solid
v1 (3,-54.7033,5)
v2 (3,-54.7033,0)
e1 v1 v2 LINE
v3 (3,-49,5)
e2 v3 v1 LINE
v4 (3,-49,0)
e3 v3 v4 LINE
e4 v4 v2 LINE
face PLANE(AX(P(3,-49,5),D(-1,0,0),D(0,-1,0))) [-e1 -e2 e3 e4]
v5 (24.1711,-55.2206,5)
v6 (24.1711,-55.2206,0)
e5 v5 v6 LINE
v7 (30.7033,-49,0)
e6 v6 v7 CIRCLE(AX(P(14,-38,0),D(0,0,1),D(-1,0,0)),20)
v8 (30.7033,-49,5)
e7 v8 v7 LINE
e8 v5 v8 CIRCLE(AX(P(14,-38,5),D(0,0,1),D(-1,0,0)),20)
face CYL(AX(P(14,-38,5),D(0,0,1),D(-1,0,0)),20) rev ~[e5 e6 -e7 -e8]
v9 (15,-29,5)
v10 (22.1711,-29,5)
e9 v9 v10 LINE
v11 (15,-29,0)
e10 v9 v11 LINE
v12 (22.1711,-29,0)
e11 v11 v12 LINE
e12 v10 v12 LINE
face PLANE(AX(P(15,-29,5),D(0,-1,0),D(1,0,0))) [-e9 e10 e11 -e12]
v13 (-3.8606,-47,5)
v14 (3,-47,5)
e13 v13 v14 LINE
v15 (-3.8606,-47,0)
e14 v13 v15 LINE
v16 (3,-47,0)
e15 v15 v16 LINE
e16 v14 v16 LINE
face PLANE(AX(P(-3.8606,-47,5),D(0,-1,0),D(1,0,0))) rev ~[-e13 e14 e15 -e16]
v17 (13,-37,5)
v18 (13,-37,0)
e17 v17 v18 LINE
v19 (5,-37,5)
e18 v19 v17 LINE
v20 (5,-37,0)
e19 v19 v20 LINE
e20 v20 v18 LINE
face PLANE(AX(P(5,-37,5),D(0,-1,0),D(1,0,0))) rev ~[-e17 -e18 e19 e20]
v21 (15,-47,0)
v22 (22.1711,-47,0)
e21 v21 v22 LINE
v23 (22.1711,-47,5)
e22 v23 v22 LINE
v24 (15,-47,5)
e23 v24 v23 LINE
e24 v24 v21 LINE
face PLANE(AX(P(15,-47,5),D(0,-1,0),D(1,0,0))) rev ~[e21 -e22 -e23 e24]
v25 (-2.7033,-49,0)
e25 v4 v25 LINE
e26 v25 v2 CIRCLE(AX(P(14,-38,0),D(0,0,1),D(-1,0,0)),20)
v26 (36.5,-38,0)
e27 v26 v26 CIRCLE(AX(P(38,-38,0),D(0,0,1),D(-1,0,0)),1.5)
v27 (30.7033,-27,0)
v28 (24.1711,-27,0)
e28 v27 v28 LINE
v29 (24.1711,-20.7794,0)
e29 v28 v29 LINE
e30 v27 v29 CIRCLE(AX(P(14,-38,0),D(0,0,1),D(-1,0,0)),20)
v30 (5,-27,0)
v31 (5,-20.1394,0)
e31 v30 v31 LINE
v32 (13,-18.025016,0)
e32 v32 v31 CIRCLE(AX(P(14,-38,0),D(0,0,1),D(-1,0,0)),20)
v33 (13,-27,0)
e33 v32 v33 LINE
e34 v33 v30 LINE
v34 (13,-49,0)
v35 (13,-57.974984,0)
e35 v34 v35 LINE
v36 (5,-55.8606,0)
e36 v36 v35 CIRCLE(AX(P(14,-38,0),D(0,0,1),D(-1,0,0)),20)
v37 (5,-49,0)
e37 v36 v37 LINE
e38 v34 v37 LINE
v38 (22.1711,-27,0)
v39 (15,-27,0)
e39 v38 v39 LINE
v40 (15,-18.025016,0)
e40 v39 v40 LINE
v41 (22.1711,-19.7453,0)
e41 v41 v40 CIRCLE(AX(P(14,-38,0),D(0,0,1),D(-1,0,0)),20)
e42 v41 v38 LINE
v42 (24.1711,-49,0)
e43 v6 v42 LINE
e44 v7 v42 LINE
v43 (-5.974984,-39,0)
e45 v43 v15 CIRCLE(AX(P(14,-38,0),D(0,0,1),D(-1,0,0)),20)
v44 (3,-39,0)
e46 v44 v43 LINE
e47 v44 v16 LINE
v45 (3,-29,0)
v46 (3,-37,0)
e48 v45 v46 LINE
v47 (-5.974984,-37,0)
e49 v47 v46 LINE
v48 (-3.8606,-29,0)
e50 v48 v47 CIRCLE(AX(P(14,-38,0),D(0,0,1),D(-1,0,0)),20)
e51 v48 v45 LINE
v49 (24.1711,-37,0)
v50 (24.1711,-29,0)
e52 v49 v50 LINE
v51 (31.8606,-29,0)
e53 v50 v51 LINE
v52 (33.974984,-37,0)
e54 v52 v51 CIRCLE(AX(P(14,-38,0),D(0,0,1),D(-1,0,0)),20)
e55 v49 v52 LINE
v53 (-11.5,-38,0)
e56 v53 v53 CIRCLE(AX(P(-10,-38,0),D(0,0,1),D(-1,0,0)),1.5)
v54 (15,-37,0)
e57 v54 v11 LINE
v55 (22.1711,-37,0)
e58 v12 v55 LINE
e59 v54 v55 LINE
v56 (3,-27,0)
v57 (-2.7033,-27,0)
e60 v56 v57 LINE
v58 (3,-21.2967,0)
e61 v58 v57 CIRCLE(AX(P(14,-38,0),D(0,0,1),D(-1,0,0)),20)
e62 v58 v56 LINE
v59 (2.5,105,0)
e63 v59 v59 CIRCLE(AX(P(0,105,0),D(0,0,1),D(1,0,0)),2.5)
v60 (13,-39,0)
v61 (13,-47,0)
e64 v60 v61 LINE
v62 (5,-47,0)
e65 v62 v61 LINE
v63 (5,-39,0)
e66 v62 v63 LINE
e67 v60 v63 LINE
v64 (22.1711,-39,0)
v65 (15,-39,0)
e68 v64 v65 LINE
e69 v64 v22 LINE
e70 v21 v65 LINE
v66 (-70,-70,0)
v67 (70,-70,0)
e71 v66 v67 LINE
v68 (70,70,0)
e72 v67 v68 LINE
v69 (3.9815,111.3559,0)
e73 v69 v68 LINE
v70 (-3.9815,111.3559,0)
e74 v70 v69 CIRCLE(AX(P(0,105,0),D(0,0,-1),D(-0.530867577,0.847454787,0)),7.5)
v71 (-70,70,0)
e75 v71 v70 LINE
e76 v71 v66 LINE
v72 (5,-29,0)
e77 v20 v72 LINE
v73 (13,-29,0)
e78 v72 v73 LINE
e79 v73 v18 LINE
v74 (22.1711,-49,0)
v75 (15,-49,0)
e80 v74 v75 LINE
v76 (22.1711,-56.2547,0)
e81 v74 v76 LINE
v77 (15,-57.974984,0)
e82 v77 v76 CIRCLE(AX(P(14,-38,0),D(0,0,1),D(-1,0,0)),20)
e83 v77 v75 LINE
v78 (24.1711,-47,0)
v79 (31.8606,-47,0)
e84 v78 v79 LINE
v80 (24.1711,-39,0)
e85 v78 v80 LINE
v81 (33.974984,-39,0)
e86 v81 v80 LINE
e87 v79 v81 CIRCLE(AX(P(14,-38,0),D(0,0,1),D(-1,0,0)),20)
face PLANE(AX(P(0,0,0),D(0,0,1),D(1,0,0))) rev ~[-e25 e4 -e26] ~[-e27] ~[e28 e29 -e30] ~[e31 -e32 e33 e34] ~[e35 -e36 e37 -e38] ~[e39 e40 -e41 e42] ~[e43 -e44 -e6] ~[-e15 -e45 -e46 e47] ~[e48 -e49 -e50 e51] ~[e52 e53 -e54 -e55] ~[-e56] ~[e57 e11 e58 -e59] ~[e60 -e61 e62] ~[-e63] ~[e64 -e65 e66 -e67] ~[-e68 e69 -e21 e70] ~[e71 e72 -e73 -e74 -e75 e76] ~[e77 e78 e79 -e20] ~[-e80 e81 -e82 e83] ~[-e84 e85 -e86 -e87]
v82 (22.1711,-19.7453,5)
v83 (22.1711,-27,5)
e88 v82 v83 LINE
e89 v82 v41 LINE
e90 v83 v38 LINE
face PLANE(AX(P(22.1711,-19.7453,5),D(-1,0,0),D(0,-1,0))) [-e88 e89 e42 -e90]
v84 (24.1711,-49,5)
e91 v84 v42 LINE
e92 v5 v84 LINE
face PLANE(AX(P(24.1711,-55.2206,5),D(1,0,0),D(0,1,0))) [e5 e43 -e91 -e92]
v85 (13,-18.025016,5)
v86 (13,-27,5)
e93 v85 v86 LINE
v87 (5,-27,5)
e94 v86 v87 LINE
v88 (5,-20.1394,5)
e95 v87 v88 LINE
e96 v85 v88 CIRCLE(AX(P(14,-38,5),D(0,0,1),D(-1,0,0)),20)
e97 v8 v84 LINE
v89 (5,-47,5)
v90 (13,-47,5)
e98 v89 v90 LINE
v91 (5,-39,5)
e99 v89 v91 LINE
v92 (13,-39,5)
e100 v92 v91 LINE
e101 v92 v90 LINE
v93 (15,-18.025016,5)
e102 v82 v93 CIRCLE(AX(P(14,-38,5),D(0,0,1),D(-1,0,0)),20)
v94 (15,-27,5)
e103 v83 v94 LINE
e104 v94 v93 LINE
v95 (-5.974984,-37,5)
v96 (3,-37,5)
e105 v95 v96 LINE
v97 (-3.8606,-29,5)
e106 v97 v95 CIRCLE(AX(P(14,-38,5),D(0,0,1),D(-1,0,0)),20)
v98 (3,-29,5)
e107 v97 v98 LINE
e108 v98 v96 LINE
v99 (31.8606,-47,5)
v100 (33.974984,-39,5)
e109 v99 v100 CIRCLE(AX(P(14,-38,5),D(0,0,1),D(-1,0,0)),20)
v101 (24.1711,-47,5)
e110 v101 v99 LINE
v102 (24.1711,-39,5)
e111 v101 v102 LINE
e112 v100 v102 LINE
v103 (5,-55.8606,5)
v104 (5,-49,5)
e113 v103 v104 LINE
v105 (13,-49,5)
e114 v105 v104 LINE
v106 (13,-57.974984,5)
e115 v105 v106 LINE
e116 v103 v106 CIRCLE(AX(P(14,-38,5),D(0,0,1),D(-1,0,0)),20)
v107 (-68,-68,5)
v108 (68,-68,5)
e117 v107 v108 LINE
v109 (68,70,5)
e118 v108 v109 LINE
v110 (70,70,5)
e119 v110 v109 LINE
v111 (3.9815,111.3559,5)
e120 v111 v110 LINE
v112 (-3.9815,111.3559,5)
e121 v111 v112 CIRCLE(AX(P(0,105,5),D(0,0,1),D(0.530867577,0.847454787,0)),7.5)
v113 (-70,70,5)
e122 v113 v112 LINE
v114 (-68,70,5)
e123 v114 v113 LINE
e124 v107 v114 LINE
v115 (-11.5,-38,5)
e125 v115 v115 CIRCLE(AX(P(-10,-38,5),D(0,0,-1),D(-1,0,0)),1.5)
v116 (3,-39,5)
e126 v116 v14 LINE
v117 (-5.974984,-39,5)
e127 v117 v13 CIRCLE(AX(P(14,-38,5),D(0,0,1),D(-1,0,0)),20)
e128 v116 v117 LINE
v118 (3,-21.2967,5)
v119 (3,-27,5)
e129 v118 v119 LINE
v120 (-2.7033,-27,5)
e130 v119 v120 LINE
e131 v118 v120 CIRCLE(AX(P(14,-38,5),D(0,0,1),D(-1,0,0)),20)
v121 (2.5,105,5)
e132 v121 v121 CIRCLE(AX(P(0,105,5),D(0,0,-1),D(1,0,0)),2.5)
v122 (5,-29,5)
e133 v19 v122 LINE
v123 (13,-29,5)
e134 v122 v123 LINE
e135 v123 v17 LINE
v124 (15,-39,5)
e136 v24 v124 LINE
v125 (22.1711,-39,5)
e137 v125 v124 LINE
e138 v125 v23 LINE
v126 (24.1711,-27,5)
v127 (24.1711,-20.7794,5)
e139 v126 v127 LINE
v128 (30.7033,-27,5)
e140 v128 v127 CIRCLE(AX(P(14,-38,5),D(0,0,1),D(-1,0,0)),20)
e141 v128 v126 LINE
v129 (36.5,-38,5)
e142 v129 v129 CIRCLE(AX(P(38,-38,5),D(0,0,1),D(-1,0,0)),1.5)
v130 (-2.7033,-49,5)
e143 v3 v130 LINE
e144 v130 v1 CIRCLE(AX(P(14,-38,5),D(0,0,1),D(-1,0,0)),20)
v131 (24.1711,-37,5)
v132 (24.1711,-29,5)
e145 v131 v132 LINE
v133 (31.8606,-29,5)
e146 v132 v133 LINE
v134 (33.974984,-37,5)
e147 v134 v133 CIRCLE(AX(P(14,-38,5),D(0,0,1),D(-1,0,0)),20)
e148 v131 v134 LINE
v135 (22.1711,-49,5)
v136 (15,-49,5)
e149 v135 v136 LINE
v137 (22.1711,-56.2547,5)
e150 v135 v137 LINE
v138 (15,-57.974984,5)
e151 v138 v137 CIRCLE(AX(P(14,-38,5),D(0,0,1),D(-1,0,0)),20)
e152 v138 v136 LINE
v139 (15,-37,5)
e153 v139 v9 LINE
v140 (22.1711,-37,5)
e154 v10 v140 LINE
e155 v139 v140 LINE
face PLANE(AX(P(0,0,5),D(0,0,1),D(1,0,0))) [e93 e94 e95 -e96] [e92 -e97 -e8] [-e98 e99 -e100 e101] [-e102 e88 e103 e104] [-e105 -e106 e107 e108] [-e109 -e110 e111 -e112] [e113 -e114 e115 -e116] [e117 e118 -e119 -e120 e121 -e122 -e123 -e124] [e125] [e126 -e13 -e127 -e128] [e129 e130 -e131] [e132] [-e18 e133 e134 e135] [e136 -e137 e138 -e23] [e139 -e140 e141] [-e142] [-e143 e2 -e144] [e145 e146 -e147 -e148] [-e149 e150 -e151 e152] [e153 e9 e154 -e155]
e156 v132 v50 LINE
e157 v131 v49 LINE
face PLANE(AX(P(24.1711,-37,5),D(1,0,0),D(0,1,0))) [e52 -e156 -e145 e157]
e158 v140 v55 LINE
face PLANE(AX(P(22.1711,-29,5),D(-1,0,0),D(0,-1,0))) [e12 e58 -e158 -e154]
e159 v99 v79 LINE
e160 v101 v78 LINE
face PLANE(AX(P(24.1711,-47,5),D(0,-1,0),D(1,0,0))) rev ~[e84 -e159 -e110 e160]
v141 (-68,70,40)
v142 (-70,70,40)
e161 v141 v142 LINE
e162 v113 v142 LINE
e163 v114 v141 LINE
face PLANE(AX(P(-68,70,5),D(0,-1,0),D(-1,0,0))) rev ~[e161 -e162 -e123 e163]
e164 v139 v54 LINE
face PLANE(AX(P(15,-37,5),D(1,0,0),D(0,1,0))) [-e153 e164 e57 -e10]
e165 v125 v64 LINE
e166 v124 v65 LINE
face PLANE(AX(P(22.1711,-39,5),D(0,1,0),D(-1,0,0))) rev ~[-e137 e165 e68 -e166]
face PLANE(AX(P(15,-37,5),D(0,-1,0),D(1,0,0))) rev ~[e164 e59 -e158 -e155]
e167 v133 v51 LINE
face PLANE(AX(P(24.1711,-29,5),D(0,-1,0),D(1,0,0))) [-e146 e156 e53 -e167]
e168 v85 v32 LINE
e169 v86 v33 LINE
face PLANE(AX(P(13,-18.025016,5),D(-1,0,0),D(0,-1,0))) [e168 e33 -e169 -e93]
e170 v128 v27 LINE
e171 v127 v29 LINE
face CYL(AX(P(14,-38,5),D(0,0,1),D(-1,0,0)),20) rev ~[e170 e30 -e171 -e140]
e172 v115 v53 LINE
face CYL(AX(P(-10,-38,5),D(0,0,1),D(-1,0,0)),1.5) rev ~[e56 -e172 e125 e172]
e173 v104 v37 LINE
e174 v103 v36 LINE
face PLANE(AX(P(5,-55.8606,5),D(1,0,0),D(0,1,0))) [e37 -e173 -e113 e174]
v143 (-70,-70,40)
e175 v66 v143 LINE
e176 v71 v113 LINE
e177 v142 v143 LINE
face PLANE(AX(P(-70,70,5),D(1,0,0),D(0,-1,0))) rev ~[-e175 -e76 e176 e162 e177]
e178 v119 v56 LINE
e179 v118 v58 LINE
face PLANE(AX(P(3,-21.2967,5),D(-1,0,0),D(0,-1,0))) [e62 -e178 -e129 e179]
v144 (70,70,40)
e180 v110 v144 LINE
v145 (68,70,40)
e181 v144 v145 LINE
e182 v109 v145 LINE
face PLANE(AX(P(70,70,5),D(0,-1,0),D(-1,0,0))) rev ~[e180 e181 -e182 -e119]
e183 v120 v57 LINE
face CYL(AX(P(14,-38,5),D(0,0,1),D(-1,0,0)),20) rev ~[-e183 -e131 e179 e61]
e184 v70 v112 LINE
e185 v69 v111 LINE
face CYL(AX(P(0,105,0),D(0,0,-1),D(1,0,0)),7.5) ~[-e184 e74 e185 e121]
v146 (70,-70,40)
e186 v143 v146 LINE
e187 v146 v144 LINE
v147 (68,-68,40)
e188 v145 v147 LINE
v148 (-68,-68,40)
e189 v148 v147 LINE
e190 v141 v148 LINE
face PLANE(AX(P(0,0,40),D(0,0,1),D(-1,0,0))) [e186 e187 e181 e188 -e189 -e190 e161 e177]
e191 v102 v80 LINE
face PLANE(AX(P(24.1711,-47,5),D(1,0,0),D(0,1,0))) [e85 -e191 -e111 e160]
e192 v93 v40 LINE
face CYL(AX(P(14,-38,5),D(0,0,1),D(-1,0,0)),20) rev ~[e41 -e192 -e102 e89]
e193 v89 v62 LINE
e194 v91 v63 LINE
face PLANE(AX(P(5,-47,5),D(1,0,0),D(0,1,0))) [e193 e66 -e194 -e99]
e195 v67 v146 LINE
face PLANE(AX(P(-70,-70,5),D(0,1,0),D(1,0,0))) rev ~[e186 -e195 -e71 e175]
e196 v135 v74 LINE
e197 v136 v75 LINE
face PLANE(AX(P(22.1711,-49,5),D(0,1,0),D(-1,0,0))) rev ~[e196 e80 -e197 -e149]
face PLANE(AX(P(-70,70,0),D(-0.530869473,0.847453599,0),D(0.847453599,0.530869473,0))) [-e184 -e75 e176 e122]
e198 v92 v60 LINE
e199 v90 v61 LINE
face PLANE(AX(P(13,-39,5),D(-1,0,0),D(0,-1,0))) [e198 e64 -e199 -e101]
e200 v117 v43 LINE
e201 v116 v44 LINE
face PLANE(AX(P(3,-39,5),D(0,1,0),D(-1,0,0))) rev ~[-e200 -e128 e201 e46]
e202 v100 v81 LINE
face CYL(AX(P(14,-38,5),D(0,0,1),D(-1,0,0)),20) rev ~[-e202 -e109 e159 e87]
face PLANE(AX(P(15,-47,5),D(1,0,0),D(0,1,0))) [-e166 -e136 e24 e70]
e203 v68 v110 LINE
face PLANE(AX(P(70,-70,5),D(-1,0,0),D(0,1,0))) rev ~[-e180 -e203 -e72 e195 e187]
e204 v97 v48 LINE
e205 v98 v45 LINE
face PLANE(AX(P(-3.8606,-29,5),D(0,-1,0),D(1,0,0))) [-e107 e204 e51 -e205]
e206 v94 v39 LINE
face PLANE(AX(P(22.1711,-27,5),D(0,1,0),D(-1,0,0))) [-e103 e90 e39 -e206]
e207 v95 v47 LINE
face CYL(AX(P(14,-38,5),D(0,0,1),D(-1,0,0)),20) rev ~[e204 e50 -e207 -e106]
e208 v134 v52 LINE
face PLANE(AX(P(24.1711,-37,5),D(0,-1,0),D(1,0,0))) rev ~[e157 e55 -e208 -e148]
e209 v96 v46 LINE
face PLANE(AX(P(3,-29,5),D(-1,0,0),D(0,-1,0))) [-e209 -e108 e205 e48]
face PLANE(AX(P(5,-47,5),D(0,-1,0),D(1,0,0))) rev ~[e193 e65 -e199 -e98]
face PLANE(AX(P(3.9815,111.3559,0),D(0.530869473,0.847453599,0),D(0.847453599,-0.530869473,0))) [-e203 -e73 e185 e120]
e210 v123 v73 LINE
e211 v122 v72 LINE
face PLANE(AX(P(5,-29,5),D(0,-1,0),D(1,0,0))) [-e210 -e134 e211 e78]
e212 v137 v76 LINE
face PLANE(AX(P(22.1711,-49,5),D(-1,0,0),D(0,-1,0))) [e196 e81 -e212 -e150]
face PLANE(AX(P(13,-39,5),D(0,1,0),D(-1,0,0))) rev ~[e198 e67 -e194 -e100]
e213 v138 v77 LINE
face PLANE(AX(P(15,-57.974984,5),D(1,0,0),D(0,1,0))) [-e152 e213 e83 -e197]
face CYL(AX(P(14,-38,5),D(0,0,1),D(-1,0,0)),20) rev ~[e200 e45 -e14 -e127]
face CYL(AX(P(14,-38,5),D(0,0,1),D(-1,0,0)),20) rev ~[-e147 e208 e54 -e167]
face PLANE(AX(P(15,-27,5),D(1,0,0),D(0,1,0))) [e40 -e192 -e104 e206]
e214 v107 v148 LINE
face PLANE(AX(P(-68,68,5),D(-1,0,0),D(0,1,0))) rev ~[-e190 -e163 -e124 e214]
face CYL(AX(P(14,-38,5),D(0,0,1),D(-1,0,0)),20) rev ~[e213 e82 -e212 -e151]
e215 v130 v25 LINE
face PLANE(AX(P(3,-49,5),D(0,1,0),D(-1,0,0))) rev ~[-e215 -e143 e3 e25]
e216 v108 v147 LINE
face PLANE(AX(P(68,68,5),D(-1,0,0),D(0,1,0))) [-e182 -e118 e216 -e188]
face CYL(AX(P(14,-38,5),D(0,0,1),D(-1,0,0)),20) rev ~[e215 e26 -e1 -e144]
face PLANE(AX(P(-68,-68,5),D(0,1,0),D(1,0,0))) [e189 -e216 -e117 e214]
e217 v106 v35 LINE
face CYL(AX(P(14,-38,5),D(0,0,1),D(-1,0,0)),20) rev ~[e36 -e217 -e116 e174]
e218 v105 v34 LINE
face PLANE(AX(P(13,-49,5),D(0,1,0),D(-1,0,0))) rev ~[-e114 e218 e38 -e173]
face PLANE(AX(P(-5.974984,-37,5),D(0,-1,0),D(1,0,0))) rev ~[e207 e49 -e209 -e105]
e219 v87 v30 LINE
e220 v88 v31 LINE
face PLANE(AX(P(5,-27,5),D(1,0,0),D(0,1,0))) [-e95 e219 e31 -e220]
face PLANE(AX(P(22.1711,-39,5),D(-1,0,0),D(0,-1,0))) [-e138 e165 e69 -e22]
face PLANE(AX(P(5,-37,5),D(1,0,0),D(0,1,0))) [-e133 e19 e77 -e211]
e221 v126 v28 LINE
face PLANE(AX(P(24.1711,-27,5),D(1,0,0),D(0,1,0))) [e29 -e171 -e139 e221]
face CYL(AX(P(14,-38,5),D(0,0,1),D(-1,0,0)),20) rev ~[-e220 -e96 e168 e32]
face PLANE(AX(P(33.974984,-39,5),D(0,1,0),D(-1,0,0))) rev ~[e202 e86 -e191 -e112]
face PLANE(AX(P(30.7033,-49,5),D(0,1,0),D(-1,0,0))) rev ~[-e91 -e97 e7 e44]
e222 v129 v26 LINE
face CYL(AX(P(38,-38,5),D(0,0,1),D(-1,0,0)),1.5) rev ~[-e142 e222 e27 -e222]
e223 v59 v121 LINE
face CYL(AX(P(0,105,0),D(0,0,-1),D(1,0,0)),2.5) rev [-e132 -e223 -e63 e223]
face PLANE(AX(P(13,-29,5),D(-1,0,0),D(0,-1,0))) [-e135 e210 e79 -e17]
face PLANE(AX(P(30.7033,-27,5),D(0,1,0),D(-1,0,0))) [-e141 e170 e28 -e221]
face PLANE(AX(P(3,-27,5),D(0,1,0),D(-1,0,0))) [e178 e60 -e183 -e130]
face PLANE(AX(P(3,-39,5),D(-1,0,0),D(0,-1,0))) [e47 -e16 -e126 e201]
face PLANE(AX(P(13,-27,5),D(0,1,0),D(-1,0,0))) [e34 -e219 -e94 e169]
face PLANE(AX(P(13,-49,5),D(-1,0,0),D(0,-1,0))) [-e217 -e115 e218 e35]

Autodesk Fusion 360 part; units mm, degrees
sketch "Sketch1" plane through (0, 0, 0) normal (0, 0, 1) x (1, 0, 0)
  line L0 (70, 70) -> (-70, 70)
  line L1 (-70, 70) -> (-70, -70)
  line L2 (-70, -70) -> (70, -70)
  line L3 (70, -70) -> (70, 70)
  line L4 (70, 70) -> (-70, -70) construction
  line L5 (-70, 70) -> (70, -70) construction
  line L6 (0, 70) -> (0, 105)
  line L7 (0, 105) -> (0, 112.5)
  circle A0 centre (0, 105) radius 7.5
  line L8 (-70, 70) -> (-3.9815, 111.3559)
  line L9 (3.9815, 111.3559) -> (70, 70)
  circle A1 centre (0, 105) radius 2.5
  dimension "d1" = 140
  dimension "d2" = 140
  dimension "d3" = 35
  dimension "d4" = 7.5
  dimension "d5" = 5
extrude "Extrude1" add sketch "Sketch1" along normal blind 5 contours L0 L1 L2 L3 | L0 L6 A0 L9 | L0 L6 A0 L8 | L6 L7 A0 A1 | L6 L7 A0 A1
sketch "Sketch2" plane through (0, 0, 5) normal (0, 0, 1) x (-1, 0, 0)
  circle A0 centre (0, -105) radius 2.5
  line L0 (70, -70) -> (70, 70)
  line L1 (70, 70) -> (-70, 70)
  line L2 (-70, 70) -> (-70, -70)
  line L3 (-70, -70) -> (-3.9815, -111.3559)
  arc A1 (-3.9815, -111.3559) -> (3.9815, -111.3559) centre (0, -105) ccw
  line L4 (3.9815, -111.3559) -> (70, -70)
  line L5 (70, -70) -> (70, 70)
  line L6 (70, 70) -> (-70, 70)
  line L7 (-70, 70) -> (-70, -70)
  line L8 (68, 68) -> (-68, 68)
  line L9 (-68, 68) -> (-68, -68)
  line L10 (68, -68) -> (68, 68)
  line L11 (68, -68) -> (68, -70)
  line L12 (-68, -68) -> (-68, -70)
  line L13 (-70, -70) -> (-68, -70)
  line L14 (68, -70) -> (70, -70)
  dimension "d8" = 2
  dimension "d9" = 2
  dimension "d10" = 2
extrude "Extrude2" add sketch "Sketch2" along normal blind 35 contours L0 L1 L2 L5 L6 L7 L8 L9 L10 L11 L12 L13 L14
sketch "Sketch3" plane through (0, 0, 5) normal (0, 0, 1) x (-1, 0, 0)
  line L0 (-68, -70) -> (-70, -70)
  line L1 (-70, -70) -> (-3.9815, -111.3559)
  arc A0 (-3.9815, -111.3559) -> (3.9815, -111.3559) centre (0, -105) ccw
  line L2 (3.9815, -111.3559) -> (70, -70)
  line L3 (70, -70) -> (68, -70)
  line L4 (68, -70) -> (68, 68)
  line L5 (68, 68) -> (-68, 68)
  line L6 (-68, 68) -> (-68, -70)
  circle A1 centre (0, -105) radius 2.5
  circle A2 centre (-38, 38) radius 1.5
  line L7 (-38, 38) -> (10, 38)
  circle A3 centre (10, 38) radius 1.5
  circle A4 centre (-14, 38) radius 20
  line L8 (-14, 58) -> (-14, 18)
  line L9 (-13, 58) -> (-15, 58)
  line L10 (-15, 58) -> (-15, 18)
  line L11 (-15, 18) -> (-13, 18)
  line L12 (-13, 18) -> (-13, 58)
  line L13 (-13, 58) -> (-15, 18) construction
  line L14 (-15, 58) -> (-13, 18) construction
  line L15 (6, 37) -> (-34, 37)
  line L16 (-34, 37) -> (-34, 39)
  line L17 (-34, 39) -> (6, 39)
  line L18 (6, 39) -> (6, 37)
  line L19 (6, 37) -> (-34, 39) construction
  line L20 (-34, 37) -> (6, 39) construction
  line L21 (-14, 38) -> (-23.1711, 38)
  line L22 (-14, 38) -> (-23.1711, 38)
  line L23 (-24, 20.6795) -> (-24, 55.3205)
  line L24 (-24.1711, 55.2206) -> (-24.1711, 20.7794)
  line L25 (-22.1711, 19.7453) -> (-22.1711, 56.2547)
  line L26 (-22.9946, 55.8633) -> (-23.3458, 20.3179) construction
  line L27 (-23.3458, 55.6821) -> (-22.9946, 20.1367) construction
  line L28 (-14, 38) -> (-4, 38)
  line L29 (-5, 55.8606) -> (-5, 20.1394)
  line L30 (-3, 21.2967) -> (-3, 54.7033)
  line L31 (-3.3211, 54.9104) -> (-4.7111, 20.288) construction
  line L32 (-4.7111, 55.712) -> (-3.3211, 21.0896) construction
  line L33 (-14, 38) -> (-14, 48)
  line L34 (3.8606, 47) -> (-31.8606, 47)
  line L35 (-30.7033, 49) -> (2.7033, 49)
  line L36 (3.8606, 47) -> (-30.7443, 48.9375) construction
  line L37 (-31.8606, 47) -> (2.7443, 48.9375) construction
  line L38 (-14, 38) -> (-14, 28)
  line L39 (3.8606, 29) -> (-31.8606, 29)
  line L40 (-30.7033, 27) -> (2.7033, 27)
  line L41 (3.7436, 28.7715) -> (-30.8756, 27.2663) construction
  line L42 (-31.7436, 28.7715) -> (2.8756, 27.2663) construction
  point P0 (-14, 38)
  point P1 (-14, 38)
  point P2 (-23.1711, 38)
  point P3 (-4, 38)
  point P4 (-14, 48)
  point P5 (-14, 28)
  dimension "d14" = 3
  dimension "d15" = 30
  dimension "d16" = 30
  dimension "d17" = 48
  dimension "d18" = 3
  dimension "d19" = 40
  dimension "d22" = 40
  dimension "d23" = 2
  dimension "d24" = 40
  dimension "d25" = 2
  dimension "d27" = 10
  dimension "d30" = 10
  dimension "d32" = 10
extrude "Extrude4" cut sketch "Sketch3" against normal blind 10 contours A2 | A3 | A4 L17 L24 L34 | A4 L15 L24 L39 | A4 L24 L35 | A4 L24 L40 | L10 L15 L25 L39 | L10 L17 L25 L34 | A4 L10 L25 L40 | A4 L10 L25 L35 | L12 L15 L29 L39 | L12 L17 L29 L34 | A4 L12 L29 L40 | A4 L15 L30 L39 | A4 L12 L29 L35 | A4 L17 L30 L34 | A4 L30 L40 | A4 L30 L35
extrude "Extrude3" [suppressed]
